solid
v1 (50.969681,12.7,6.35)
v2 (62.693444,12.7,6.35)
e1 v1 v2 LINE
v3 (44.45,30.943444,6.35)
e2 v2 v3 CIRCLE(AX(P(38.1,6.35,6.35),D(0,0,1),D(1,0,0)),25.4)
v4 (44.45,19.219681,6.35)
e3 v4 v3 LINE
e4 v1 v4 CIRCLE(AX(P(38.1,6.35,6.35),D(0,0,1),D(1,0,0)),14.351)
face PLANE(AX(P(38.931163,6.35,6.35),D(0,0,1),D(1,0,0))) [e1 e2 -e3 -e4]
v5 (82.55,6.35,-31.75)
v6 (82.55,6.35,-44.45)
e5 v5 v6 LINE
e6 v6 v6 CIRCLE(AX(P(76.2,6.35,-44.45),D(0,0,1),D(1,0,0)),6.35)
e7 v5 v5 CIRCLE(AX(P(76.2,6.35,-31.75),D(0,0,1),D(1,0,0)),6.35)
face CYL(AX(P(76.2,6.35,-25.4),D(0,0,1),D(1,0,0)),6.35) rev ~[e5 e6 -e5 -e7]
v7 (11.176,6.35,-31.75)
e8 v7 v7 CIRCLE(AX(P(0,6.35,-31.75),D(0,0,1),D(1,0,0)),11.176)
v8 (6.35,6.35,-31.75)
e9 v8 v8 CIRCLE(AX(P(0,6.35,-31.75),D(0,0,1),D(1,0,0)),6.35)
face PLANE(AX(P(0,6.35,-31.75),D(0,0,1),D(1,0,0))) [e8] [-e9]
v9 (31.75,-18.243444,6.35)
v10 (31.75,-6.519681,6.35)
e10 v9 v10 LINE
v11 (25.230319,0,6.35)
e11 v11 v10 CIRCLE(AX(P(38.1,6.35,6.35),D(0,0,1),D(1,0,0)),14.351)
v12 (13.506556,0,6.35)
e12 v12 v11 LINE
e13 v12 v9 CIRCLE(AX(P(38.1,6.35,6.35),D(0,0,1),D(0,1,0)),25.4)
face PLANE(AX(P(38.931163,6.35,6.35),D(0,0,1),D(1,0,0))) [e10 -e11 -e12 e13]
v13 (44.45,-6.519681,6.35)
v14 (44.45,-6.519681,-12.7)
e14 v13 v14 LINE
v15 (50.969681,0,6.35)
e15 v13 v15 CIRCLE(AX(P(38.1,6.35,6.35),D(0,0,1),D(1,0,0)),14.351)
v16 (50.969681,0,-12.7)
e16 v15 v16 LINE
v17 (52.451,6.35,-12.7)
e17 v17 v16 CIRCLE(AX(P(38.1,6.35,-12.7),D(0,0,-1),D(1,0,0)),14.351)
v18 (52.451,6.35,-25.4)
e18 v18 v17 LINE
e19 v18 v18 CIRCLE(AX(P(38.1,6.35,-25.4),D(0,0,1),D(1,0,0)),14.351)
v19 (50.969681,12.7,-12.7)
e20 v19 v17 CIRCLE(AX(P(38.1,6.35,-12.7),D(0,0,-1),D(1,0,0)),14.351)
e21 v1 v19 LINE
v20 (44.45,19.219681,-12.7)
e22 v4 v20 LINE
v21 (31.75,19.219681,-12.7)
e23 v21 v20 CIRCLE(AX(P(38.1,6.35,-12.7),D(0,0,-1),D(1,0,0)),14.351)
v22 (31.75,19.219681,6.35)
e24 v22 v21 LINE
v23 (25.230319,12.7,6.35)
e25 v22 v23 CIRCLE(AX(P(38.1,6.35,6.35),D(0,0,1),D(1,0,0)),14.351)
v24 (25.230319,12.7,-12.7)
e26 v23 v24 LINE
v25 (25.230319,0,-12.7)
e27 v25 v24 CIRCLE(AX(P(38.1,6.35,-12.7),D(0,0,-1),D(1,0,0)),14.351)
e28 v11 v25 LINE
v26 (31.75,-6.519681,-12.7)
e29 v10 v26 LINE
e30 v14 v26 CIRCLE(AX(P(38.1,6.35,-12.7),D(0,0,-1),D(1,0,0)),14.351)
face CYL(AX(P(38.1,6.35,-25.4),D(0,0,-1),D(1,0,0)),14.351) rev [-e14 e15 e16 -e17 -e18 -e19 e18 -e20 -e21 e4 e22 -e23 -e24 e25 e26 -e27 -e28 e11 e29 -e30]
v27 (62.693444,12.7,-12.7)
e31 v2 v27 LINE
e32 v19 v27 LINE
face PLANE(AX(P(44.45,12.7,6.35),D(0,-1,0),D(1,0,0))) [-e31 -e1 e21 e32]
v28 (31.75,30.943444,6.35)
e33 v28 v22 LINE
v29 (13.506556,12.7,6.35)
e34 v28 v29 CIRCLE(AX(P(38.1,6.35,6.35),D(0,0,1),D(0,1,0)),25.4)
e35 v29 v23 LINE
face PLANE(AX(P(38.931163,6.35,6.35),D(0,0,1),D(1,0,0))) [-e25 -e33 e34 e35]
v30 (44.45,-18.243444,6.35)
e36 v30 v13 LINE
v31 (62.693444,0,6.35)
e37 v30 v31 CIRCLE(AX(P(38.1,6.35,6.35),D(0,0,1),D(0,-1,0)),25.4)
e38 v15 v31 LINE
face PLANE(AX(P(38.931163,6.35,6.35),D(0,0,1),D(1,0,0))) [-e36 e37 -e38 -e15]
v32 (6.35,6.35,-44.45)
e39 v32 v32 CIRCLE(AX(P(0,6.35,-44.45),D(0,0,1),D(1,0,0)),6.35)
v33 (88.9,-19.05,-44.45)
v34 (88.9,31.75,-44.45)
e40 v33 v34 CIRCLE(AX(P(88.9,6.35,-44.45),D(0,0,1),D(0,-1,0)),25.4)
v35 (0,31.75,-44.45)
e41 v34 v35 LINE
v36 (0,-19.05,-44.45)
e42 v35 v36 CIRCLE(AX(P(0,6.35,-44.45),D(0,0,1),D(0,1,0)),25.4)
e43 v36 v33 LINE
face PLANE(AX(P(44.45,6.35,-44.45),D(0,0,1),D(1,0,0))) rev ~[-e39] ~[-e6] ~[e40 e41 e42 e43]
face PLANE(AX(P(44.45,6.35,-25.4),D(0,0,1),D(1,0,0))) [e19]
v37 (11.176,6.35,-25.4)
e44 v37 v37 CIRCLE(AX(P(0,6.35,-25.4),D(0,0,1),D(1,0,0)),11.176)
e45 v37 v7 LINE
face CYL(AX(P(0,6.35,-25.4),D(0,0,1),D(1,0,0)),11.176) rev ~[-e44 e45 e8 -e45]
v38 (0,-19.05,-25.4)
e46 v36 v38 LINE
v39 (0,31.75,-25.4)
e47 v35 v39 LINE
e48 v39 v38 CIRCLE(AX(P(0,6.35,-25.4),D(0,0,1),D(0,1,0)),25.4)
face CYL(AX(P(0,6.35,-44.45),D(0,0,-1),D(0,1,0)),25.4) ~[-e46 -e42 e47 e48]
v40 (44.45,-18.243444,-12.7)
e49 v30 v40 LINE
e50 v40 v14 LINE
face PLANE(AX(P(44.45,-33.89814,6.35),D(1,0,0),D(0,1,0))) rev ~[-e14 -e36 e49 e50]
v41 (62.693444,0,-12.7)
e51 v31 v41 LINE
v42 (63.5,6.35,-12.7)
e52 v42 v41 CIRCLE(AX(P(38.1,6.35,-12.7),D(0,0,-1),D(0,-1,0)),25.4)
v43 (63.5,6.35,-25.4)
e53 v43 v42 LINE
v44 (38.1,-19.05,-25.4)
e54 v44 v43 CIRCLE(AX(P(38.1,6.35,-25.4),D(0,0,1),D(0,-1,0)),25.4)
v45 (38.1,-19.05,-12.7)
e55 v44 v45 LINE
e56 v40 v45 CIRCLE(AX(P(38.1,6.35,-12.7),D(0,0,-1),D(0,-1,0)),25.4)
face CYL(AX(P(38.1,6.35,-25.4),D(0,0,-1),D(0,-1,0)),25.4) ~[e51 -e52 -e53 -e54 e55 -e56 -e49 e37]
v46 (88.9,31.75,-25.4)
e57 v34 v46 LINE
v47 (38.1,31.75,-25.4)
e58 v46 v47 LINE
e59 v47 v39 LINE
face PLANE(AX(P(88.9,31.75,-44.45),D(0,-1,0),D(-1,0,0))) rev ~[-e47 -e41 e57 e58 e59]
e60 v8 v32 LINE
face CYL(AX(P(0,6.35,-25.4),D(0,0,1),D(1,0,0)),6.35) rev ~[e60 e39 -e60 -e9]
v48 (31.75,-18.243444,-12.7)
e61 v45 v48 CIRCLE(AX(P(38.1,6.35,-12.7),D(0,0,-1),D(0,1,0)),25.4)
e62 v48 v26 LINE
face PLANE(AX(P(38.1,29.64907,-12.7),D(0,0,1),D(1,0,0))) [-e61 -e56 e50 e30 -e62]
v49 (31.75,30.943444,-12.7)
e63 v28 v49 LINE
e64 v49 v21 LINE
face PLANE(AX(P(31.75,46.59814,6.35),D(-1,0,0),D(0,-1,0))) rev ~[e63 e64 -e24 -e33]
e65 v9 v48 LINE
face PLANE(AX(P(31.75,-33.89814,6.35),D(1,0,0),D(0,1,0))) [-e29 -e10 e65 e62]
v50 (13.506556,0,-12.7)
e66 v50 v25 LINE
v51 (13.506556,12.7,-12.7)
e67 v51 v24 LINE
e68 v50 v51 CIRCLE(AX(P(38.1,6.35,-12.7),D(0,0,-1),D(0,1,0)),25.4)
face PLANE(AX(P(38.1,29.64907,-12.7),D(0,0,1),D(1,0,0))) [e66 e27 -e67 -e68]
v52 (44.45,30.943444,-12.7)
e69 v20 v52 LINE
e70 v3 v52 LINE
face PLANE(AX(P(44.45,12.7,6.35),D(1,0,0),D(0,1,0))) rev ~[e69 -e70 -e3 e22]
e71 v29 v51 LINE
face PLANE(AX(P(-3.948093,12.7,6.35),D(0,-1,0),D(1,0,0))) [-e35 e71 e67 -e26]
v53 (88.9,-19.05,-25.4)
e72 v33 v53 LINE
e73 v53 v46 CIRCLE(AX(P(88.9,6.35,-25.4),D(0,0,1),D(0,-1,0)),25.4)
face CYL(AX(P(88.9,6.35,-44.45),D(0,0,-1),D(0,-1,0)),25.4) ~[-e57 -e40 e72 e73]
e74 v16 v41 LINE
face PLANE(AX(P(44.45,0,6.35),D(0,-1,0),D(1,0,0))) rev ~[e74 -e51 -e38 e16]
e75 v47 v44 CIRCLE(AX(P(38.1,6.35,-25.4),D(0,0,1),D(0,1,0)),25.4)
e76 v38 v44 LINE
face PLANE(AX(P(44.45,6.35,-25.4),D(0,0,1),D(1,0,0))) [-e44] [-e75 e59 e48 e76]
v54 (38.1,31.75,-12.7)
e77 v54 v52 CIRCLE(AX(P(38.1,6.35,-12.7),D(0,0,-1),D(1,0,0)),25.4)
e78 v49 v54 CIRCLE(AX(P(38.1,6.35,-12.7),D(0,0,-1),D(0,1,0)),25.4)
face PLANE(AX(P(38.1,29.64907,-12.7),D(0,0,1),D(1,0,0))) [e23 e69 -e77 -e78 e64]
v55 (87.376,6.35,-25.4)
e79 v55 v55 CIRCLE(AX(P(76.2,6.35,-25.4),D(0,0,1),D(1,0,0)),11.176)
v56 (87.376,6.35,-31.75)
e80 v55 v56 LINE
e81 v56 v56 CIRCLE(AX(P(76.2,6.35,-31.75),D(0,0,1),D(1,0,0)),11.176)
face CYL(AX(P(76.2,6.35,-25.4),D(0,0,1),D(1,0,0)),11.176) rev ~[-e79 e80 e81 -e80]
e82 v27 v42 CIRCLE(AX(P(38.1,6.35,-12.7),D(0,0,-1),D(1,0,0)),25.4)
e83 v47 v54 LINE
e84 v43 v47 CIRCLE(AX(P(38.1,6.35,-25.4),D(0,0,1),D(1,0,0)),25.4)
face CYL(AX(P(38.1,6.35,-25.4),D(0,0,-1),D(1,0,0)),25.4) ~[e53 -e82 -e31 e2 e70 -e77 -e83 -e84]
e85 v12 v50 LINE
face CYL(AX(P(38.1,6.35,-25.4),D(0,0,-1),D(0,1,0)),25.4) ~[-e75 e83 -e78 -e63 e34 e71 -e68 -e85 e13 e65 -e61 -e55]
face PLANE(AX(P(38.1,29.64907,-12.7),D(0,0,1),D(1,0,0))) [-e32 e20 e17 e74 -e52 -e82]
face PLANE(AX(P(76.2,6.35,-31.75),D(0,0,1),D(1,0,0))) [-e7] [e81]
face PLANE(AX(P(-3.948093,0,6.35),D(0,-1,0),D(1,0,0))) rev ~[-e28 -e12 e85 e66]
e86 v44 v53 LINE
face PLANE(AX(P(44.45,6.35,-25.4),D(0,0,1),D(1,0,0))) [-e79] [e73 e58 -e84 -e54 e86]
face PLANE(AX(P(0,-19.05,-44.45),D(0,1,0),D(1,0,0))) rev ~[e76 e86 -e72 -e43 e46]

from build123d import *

# Parameters (mm, degrees)
F1_DEPTH = 19.05
F2_ANGLE = 90
F3_R     = 6.35
F4_DEPTH = 25.4
F3_R_2   = 14.351
F5_DEPTH = 31.75
F6_W     = 12.7
F6_H     = 33.8981401503
F6_W_2   = 35.6980934024
F6_H_2   = 12.7
F7_DEPTH = 19.05
F3_R_3   = 11.176
F8_DEPTH = 6.35


with BuildPart() as f1:
    # F0 (on Front) → F1 (new body)
    with BuildSketch(Plane.XZ):
        with BuildLine():
            Line((88.9, 25.4), (0, 25.4))
            ThreePointArc((0, 25.4), (-25.4, 0), (0, -25.4))
            Line((0, -25.4), (88.9, -25.4))
            ThreePointArc((88.9, -25.4), (114.3, 0), (88.9, 25.4))
        make_face()
    extrude(amount=F1_DEPTH)


with BuildPart() as f1_1:
    # F2: moved
    add(f1.part.rotate(Axis((44.45, -19.05, -25.4), (-1, 0, 0)), F2_ANGLE))

    # F3 (on face) → F4 (cut)
    with BuildSketch(Plane.XY.offset(-25.4)):
        with Locations((76.2, 6.35)):
            Circle(F3_R)
        with Locations((0, 6.35)):
            Circle(F3_R)
    extrude(amount=-F4_DEPTH, mode=Mode.SUBTRACT)

    # F3 (on face) → F5 (join)
    with BuildSketch(Plane.XY.offset(-25.4)):
        with BuildLine():
            ThreePointArc((38.1, -19.05), (56.0605122421, -11.6105122421), (63.5, 6.35))
            ThreePointArc((63.5, 6.35), (56.0605122421, 24.3105122421), (38.1, 31.75))
            ThreePointArc((38.1, 31.75), (12.7, 6.35), (38.1, -19.05))
        make_face()
        with Locations((38.1, 6.35)):
            Circle(F3_R_2, mode=Mode.SUBTRACT)
    extrude(amount=F5_DEPTH)

    # F6 (on face) → F7 (cut)
    with BuildSketch(Plane.XY.offset(6.35)):
        with Locations((38.1, 29.6490700752)):
            Rectangle(F6_W, F6_H)
        with Locations((62.2990467012, 6.35)):
            Rectangle(F6_W_2, F6_H_2)
        with Locations((38.1, 6.35)):
            Rectangle(F6_W, F6_H_2)
        with Locations((13.9009532988, 6.35)):
            Rectangle(F6_W_2, F6_H_2)
        with Locations((38.1, -16.9490700752)):
            Rectangle(F6_W, F6_H)
    extrude(amount=-F7_DEPTH, mode=Mode.SUBTRACT)

    # F3 (on face) → F8 (cut)
    with BuildSketch(Plane.XY.offset(-25.4)):
        with Locations((76.2, 6.35)):
            Circle(F3_R_3)
        with Locations((76.2, 6.35)):
            Circle(F3_R, mode=Mode.SUBTRACT)
        with Locations((0, 6.35)):
            Circle(F3_R_3)
        with Locations((0, 6.35)):
            Circle(F3_R, mode=Mode.SUBTRACT)
    extrude(amount=-F8_DEPTH, mode=Mode.SUBTRACT)


solid = f1_1.part
